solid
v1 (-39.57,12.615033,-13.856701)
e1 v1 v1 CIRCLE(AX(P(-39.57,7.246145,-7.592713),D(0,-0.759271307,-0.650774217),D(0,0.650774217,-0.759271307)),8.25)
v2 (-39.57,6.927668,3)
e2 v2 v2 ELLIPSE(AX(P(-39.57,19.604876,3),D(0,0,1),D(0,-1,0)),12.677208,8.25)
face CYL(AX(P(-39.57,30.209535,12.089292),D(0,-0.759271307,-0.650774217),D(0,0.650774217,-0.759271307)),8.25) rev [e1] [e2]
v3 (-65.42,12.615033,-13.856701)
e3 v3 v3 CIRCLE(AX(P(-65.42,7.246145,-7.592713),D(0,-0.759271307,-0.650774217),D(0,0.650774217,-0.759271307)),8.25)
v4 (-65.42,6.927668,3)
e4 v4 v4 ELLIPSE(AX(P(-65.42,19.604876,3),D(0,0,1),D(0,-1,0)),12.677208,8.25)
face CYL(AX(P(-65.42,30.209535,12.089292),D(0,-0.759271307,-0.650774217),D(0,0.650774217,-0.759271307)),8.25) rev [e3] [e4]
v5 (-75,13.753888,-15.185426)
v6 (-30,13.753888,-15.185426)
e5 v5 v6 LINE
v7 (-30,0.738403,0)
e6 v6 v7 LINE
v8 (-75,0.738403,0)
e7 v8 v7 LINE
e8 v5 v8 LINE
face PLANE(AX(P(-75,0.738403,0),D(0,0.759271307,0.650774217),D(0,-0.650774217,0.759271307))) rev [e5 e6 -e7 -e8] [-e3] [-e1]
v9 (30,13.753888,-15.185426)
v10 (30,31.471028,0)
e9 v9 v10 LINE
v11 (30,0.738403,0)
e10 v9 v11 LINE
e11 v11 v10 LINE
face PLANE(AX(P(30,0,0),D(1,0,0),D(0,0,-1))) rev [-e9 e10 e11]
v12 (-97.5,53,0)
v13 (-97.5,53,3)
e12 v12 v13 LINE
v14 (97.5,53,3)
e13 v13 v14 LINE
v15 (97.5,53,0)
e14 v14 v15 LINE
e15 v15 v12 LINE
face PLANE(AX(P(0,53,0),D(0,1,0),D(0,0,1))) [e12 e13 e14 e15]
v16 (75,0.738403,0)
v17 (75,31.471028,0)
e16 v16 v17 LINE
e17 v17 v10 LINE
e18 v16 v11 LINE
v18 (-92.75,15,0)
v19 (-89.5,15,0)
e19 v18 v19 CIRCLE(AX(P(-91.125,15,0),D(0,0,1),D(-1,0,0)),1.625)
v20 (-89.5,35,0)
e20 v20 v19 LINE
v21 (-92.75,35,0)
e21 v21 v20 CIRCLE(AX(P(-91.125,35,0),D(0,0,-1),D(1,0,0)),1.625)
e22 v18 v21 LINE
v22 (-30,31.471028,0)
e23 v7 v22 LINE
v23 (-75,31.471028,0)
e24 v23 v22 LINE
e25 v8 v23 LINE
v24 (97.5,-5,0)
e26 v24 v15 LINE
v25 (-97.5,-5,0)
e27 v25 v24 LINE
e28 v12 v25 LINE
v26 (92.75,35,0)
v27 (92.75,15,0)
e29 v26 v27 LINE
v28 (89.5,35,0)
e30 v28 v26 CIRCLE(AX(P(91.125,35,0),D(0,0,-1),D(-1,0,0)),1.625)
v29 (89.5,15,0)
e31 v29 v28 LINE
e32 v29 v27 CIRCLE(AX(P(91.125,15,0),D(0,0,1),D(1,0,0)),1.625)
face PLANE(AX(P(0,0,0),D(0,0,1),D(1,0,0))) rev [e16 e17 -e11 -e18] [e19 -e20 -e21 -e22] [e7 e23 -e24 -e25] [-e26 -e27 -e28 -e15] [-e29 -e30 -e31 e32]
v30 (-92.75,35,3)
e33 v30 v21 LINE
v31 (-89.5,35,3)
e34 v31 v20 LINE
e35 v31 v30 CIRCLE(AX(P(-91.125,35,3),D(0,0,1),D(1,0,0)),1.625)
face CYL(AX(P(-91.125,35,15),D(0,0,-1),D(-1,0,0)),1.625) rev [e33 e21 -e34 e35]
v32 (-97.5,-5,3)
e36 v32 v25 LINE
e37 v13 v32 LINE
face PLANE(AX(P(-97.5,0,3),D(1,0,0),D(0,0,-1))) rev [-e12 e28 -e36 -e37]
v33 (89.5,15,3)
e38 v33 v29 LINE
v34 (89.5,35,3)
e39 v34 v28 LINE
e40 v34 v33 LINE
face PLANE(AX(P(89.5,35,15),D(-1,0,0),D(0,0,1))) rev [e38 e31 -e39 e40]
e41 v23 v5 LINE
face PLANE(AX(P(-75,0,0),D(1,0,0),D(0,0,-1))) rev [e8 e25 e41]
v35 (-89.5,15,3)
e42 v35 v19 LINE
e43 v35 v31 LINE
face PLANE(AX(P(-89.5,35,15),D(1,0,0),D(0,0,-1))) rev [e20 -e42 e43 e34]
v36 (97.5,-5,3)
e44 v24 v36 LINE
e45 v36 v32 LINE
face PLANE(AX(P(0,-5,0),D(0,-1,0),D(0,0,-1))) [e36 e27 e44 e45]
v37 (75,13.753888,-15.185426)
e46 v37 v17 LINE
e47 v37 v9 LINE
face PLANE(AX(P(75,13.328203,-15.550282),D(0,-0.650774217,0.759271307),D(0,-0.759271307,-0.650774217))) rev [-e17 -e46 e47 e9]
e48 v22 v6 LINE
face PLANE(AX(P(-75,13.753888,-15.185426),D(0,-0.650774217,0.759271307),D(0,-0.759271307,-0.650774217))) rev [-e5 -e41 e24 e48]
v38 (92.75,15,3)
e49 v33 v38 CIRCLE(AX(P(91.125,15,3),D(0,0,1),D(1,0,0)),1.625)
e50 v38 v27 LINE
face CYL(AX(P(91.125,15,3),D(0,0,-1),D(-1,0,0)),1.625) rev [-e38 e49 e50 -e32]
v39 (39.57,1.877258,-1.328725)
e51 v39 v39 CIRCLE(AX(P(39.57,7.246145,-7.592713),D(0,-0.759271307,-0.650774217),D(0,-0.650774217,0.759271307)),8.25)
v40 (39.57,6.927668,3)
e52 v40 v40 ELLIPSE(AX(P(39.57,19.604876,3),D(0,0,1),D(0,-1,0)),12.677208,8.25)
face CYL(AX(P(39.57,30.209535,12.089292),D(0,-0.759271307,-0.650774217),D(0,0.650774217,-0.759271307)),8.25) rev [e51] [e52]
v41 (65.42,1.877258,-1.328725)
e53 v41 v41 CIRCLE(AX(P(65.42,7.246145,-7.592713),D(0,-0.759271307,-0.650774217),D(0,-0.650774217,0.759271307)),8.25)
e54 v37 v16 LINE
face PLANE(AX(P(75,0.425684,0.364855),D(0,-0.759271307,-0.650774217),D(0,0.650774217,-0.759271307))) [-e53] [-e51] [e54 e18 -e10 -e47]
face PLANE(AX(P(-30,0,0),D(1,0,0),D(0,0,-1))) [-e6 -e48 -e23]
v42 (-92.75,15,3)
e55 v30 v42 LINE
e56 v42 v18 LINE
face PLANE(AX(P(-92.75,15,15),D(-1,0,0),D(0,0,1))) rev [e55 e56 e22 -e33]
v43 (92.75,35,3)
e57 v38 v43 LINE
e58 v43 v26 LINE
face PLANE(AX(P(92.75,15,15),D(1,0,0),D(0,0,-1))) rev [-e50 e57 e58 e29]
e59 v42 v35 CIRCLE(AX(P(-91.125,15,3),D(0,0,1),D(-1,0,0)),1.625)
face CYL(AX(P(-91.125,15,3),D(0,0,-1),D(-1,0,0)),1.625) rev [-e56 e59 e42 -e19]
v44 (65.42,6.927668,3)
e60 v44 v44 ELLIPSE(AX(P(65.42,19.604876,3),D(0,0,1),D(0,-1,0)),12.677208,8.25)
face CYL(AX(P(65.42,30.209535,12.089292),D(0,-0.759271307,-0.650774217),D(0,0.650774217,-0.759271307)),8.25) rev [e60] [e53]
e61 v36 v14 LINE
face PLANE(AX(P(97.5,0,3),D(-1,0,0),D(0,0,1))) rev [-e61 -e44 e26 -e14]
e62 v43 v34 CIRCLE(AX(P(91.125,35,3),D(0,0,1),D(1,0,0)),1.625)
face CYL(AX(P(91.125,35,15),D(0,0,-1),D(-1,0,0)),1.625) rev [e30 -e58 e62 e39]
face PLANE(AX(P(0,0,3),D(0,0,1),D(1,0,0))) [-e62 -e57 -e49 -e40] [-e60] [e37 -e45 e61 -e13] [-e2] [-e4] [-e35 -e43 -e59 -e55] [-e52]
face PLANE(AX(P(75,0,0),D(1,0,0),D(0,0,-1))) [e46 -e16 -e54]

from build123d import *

# Parameters (mm, degrees)
CROQUIS1_W              = 195
CROQUIS1_H              = 38
CROQUIS1_R              = 1.625
SALIENTE_EXTRUIR1_DEPTH = 3
SALIENTE_EXTRUIR2_START = -67.5
SALIENTE_EXTRUIR2_DEPTH = 45
SALIENTE_EXTRUIR3_START = -67.5
SALIENTE_EXTRUIR3_DEPTH = 45
CROQUIS8_W              = 195
CROQUIS8_H              = 3
SALIENTE_EXTRUIR5_DEPTH = 5
CROQUIS9_R              = 8.25
CORTAR_EXTRUIR4_DEPTH   = 106.640382748
CROQUIS10_W             = 195
CROQUIS10_H             = 3
SALIENTE_EXTRUIR6_DEPTH = 15
CORTAR_EXTRUIR5_DEPTH   = 15


with BuildPart() as part:
    # Croquis1 → Saliente-Extruir1 (new body)
    with BuildSketch(Plane.XY):
        with Locations((0, 19)):
            Rectangle(CROQUIS1_W, CROQUIS1_H)
        with Locations((91.125, 15)):
            Circle(CROQUIS1_R, mode=Mode.SUBTRACT)
        with Locations(Location((-91.125, 15, 0), (0, 0, 180))):
            Circle(CROQUIS1_R, mode=Mode.SUBTRACT)
    extrude(amount=SALIENTE_EXTRUIR1_DEPTH)

    # Croquis2 → Saliente-Extruir2 (add)
    with BuildSketch(Plane(origin=(97.5, 0, 0), x_dir=(0, 0, -1), z_dir=(1, 0, 0)).offset(SALIENTE_EXTRUIR2_START)):
        Polygon((0, 0.738403157), (3.429565646, 3.677896428), (15.185426147, 13.753887502), (0, 31.471028189), align=None)
    extrude(amount=SALIENTE_EXTRUIR2_DEPTH)

    # Croquis4 → Saliente-Extruir3 (add)
    with BuildSketch(Plane.ZY.offset(97.5).offset(SALIENTE_EXTRUIR3_START)):
        Polygon((0, 0.738403157), (-15.185426147, 13.753887502), (0, 31.471028189), align=None)
    extrude(amount=SALIENTE_EXTRUIR3_DEPTH)

    # Croquis8 → Saliente-Extruir5 (add)
    with BuildSketch(Plane.XZ):
        with Locations((0, 1.5)):
            Rectangle(CROQUIS8_W, CROQUIS8_H)
    extrude(amount=SALIENTE_EXTRUIR5_DEPTH)

    # Croquis9 → Cortar-Extruir4 (cut, through all)
    with BuildSketch(Plane(origin=(0, 0.425684191, 0.364855478), x_dir=(1, 0, 0), z_dir=(0, -0.7592713073348798, -0.6507742172658522))):
        with Locations(Location((-65.42, -10.480533736, 0), (0, 0, 270))):
            Circle(CROQUIS9_R)
        with Locations(Location((-39.57, -10.480533736, 0), (0, 0, 270))):
            Circle(CROQUIS9_R)
        with Locations(Location((39.57, -10.480533736, 0), (0, 0, 90))):
            Circle(CROQUIS9_R)
        with Locations(Location((65.42, -10.480533736, 0), (0, 0, 90))):
            Circle(CROQUIS9_R)
    extrude(amount=-CORTAR_EXTRUIR4_DEPTH, mode=Mode.SUBTRACT)

    # Croquis10 → Saliente-Extruir6 (add)
    with BuildSketch(Plane(origin=(0, 38, 0), x_dir=(1, 0, 0), z_dir=(0, 1, 0))):
        with Locations((0, -1.5)):
            Rectangle(CROQUIS10_W, CROQUIS10_H)
    extrude(amount=SALIENTE_EXTRUIR6_DEPTH)

    # Croquis11 → Cortar-Extruir5 (cut)
    with BuildSketch(Plane(origin=(0, 0, 0), x_dir=(-1, 0, 0), z_dir=(0, 0, -1))):
        with BuildLine():
            Line((-92.75, 15), (-92.75, 35))
            ThreePointArc((-92.75, 35), (-91.125, 36.625), (-89.5, 35))
            Line((-89.5, 35), (-89.5, 15))
            ThreePointArc((-89.5, 15), (-91.125, 13.375), (-92.75, 15))
        make_face()
        with BuildLine():
            Line((89.5, 35), (89.5, 15))
            ThreePointArc((89.5, 15), (91.125, 13.375), (92.75, 15))
            Line((92.75, 15), (92.75, 35))
            ThreePointArc((92.75, 35), (91.125, 36.625), (89.5, 35))
        make_face()
    extrude(amount=-CORTAR_EXTRUIR5_DEPTH, mode=Mode.SUBTRACT)


solid = part.part
